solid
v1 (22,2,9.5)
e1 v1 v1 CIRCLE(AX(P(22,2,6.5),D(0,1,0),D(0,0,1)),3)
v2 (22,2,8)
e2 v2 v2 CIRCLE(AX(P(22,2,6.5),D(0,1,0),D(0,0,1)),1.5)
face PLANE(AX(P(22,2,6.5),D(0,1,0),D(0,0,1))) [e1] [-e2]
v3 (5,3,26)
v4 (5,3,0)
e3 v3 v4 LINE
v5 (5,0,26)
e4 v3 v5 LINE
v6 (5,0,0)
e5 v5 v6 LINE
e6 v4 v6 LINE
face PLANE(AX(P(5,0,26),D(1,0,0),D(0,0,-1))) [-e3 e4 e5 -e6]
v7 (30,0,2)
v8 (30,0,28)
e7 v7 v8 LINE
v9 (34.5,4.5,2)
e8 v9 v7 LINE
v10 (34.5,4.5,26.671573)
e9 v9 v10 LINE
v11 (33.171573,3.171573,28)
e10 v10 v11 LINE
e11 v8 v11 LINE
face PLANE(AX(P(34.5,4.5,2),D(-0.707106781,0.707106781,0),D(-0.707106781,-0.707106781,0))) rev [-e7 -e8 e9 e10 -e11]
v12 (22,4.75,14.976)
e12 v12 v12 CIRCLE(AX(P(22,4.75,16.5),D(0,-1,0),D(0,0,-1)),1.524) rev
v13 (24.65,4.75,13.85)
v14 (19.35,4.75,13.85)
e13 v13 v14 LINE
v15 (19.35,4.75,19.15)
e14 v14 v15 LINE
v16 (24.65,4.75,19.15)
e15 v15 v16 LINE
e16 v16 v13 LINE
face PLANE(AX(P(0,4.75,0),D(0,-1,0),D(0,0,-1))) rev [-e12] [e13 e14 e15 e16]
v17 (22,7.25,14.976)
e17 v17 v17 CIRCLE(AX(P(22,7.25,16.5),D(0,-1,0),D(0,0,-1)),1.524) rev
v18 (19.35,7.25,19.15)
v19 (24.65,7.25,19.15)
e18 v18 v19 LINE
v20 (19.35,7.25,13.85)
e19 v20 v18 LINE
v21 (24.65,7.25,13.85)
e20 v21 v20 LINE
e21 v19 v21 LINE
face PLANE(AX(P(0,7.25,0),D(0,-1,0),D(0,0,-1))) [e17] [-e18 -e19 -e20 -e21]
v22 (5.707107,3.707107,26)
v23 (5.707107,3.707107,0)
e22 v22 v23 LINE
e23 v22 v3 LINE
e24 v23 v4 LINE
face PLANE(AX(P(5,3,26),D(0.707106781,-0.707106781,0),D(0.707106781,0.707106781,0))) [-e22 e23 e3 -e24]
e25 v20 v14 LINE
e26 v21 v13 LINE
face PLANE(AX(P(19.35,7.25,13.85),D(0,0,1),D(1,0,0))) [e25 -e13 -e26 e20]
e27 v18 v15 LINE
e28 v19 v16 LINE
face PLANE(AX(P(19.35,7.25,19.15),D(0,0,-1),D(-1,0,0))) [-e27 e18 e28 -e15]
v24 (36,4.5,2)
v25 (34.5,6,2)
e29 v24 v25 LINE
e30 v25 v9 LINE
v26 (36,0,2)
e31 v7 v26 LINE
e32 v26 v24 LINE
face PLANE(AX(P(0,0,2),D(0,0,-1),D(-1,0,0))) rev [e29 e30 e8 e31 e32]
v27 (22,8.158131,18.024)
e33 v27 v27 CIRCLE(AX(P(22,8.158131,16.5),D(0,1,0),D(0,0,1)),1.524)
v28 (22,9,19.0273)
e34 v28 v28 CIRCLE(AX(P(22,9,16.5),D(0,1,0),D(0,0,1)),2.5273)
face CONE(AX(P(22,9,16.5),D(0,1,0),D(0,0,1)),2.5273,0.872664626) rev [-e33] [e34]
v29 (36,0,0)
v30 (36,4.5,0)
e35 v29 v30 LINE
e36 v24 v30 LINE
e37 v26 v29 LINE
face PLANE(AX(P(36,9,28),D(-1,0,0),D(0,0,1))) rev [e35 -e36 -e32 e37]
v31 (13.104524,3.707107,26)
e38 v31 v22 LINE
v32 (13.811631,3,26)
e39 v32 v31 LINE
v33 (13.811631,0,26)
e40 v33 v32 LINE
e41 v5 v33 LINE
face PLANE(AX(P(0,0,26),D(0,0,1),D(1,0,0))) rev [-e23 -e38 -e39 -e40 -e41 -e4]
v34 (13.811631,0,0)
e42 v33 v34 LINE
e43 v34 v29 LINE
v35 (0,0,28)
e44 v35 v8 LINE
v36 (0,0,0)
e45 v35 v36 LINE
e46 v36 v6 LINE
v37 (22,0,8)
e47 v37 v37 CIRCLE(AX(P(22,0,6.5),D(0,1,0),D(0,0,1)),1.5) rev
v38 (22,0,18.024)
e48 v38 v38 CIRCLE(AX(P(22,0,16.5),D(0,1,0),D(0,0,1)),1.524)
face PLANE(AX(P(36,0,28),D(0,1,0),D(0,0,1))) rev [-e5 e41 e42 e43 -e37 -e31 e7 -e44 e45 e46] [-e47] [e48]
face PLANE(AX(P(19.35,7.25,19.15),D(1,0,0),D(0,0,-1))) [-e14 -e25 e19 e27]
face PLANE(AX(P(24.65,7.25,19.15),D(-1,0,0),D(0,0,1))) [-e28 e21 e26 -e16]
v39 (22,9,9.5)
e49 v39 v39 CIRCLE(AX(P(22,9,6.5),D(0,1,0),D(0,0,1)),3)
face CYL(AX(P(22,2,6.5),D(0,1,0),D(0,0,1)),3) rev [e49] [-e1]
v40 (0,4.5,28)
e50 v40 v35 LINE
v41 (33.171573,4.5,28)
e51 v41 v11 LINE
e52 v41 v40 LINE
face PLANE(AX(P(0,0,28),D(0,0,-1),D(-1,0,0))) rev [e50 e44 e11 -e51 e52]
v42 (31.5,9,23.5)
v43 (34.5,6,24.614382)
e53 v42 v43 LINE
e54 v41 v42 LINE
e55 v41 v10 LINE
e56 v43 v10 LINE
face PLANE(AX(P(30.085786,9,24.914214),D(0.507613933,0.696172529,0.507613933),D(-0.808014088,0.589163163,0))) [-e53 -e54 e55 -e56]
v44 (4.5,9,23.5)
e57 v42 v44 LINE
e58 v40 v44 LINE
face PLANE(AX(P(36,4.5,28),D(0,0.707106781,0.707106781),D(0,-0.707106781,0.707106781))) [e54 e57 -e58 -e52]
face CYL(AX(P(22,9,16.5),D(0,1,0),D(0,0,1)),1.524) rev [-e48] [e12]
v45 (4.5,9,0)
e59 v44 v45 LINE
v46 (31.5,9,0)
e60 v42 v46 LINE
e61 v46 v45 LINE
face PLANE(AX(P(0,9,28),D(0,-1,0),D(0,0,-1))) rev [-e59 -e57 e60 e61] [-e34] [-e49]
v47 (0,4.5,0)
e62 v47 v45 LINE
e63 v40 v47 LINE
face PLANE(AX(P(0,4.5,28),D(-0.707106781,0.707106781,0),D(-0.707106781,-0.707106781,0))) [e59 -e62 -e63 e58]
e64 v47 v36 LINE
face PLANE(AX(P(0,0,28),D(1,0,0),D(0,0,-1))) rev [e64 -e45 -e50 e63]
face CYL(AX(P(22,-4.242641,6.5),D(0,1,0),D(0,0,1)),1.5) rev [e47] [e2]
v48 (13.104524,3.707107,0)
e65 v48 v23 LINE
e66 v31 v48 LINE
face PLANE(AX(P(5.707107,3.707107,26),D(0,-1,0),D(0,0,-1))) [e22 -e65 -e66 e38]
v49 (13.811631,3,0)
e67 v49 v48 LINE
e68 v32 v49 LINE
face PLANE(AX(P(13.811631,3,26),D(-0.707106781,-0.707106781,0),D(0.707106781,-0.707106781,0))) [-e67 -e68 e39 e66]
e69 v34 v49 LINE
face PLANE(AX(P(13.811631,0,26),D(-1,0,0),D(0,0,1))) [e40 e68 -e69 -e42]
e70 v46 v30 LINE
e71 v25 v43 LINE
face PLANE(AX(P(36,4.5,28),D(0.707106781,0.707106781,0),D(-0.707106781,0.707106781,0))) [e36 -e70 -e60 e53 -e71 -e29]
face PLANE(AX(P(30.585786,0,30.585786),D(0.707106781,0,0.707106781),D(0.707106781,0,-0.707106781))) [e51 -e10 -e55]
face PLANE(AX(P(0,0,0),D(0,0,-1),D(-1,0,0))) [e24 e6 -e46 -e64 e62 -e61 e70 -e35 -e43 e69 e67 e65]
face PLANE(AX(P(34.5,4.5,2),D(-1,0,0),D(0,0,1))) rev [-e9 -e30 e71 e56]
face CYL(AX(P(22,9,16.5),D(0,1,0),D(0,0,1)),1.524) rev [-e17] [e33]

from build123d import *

# Parameters (mm, degrees)
SKETCH1_W                                         = 36
SKETCH1_H                                         = 9
BOSS_EXTRUDE1_DEPTH                               = 28
CUT_EXTRUDE1_DEPTH                                = 28
CUT_EXTRUDE2_DEPTH                                = 36
SKETCH5_W                                         = 11.440376565
SKETCH5_H                                         = 15.618965423
CUT_EXTRUDE4_DEPTH                                = 2
CUT_EXTRUDE5_DEPTH                                = 2
CUT_EXTRUDE5_DEPTH_BACK                           = 2
CUT_EXTRUDE6_DEPTH                                = 26
CUT_EXTRUDE7_DEPTH                                = 26
SKETCH10_R                                        = 3
CUT_EXTRUDE8_DEPTH                                = 7
SKETCH11_R                                        = 1.5
CUT_EXTRUDE9_DEPTH                                = 2
SKETCH12_R                                        = 1.5
CUT_EXTRUDE10_DEPTH                               = 9
CSK_FOR_3_FLAT_HEAD_MACHINE_SCREW_100_D           = 3.048
CSK_FOR_3_FLAT_HEAD_MACHINE_SCREW_100_DEPTH       = 9
CSK_FOR_3_FLAT_HEAD_MACHINE_SCREW_100_CSINK_D     = 5.0546
CSK_FOR_3_FLAT_HEAD_MACHINE_SCREW_100_CSINK_ANGLE = 100
SKETCH15_W                                        = 5.3
SKETCH15_H                                        = 5.3
CUT_EXTRUDE11_DEPTH                               = 2.5


with BuildPart() as part:
    # Sketch1 → Boss-Extrude1 (new body)
    with BuildSketch(Plane.XY):
        with Locations((18, 4.5)):
            Rectangle(SKETCH1_W, SKETCH1_H)
    extrude(amount=BOSS_EXTRUDE1_DEPTH)

    # Sketch2 → Cut-Extrude1 (cut)
    with BuildSketch(Plane.XY):
        Polygon((0, 4.5), (4.5, 9), (0, 9), align=None)
        Polygon((36, 4.5), (31.5, 9), (36, 9), align=None)
    extrude(amount=CUT_EXTRUDE1_DEPTH, mode=Mode.SUBTRACT)

    # Sketch3 → Cut-Extrude2 (cut)
    with BuildSketch(Plane(origin=(0, 0, 0), x_dir=(0, 0, -1), z_dir=(1, 0, 0))):
        Polygon((-28, 4.5), (-23.5, 9), (-28, 9), align=None)
    extrude(amount=CUT_EXTRUDE2_DEPTH, mode=Mode.SUBTRACT)

    # Sketch5 → Cut-Extrude4 (cut)
    with BuildSketch(Plane(origin=(32, 0, 32), x_dir=(0, 1, 0), z_dir=(0.707106781, 0, 0.707106781))):
        with Locations((5.720188283, -5.935696583)):
            Rectangle(SKETCH5_W, SKETCH5_H)
    extrude(amount=-CUT_EXTRUDE4_DEPTH, mode=Mode.SUBTRACT)

    # Sketch6 → Cut-Extrude5 (cut, two sides)
    with BuildSketch(Plane(origin=(4, 0, -4), x_dir=(0.577350269, -0.577350269, 0.577350269), z_dir=(-0.707106781, 0, 0.707106781))) as cut_extrude5_sk:
        Polygon((26.558112383, 29.802125204), (32.719347855, 28.647424665), (30.19862658, 32.212262879), align=None)
    extrude(amount=CUT_EXTRUDE5_DEPTH, mode=Mode.SUBTRACT)
    extrude(cut_extrude5_sk.sketch, amount=-CUT_EXTRUDE5_DEPTH_BACK, mode=Mode.SUBTRACT)

    # Sketch7 → Cut-Extrude6 (cut)
    with BuildSketch(Plane.XY):
        Polygon((5, 0), (5, 3), (5.707106781, 3.707106781), (13.104524105, 3.707106781), (13.811630886, 3), (13.811630886, 0), align=None)
    extrude(amount=CUT_EXTRUDE6_DEPTH, mode=Mode.SUBTRACT)

    # Sketch8 → Cut-Extrude7 (cut)
    with BuildSketch(Plane.XY.offset(28)):
        Polygon((36, 0), (30, 0), (34.5, 4.5), (34.5, 6), (36, 6), align=None)
    extrude(amount=-CUT_EXTRUDE7_DEPTH, mode=Mode.SUBTRACT)

    # Sketch10 → Cut-Extrude8 (cut)
    with BuildSketch(Plane(origin=(0, 9, 0), x_dir=(1, 0, 0), z_dir=(0, 1, 0))):
        with Locations((22, -6.5)):
            Circle(SKETCH10_R)
    extrude(amount=-CUT_EXTRUDE8_DEPTH, mode=Mode.SUBTRACT)

    # Sketch11 → Cut-Extrude9 (cut)
    with BuildSketch(Plane(origin=(0, 2, 0), x_dir=(1, 0, 0), z_dir=(0, 1, 0))):
        with Locations((22, -6.5)):
            Circle(SKETCH11_R)
    extrude(amount=-CUT_EXTRUDE9_DEPTH, mode=Mode.SUBTRACT)

    # Sketch12 → Cut-Extrude10 (cut)
    with BuildSketch(Plane(origin=(0, 0, 0), x_dir=(1, 0, 0), z_dir=(0, 1, 0))):
        with Locations((22, -16.5)):
            Circle(SKETCH12_R)
    extrude(amount=CUT_EXTRUDE10_DEPTH, mode=Mode.SUBTRACT)

    # CSK for #3 Flat Head Machine Screw (100)1
    with Locations(Plane(origin=(22, 9, 16.5), x_dir=(0, 0, 1), z_dir=(0, 1, 0))):
        with Locations((0, 0)):
            CounterSinkHole(CSK_FOR_3_FLAT_HEAD_MACHINE_SCREW_100_D / 2, CSK_FOR_3_FLAT_HEAD_MACHINE_SCREW_100_CSINK_D / 2, depth=CSK_FOR_3_FLAT_HEAD_MACHINE_SCREW_100_DEPTH, counter_sink_angle=CSK_FOR_3_FLAT_HEAD_MACHINE_SCREW_100_CSINK_ANGLE)

    # Sketch15 → Cut-Extrude11 (cut)
    with BuildSketch(Plane(origin=(0, 4.75, 0), x_dir=(1, 0, 0), z_dir=(0, 1, 0))):
        with Locations((22, -16.5)):
            Rectangle(SKETCH15_W, SKETCH15_H)
    extrude(amount=CUT_EXTRUDE11_DEPTH, mode=Mode.SUBTRACT)


solid = part.part
